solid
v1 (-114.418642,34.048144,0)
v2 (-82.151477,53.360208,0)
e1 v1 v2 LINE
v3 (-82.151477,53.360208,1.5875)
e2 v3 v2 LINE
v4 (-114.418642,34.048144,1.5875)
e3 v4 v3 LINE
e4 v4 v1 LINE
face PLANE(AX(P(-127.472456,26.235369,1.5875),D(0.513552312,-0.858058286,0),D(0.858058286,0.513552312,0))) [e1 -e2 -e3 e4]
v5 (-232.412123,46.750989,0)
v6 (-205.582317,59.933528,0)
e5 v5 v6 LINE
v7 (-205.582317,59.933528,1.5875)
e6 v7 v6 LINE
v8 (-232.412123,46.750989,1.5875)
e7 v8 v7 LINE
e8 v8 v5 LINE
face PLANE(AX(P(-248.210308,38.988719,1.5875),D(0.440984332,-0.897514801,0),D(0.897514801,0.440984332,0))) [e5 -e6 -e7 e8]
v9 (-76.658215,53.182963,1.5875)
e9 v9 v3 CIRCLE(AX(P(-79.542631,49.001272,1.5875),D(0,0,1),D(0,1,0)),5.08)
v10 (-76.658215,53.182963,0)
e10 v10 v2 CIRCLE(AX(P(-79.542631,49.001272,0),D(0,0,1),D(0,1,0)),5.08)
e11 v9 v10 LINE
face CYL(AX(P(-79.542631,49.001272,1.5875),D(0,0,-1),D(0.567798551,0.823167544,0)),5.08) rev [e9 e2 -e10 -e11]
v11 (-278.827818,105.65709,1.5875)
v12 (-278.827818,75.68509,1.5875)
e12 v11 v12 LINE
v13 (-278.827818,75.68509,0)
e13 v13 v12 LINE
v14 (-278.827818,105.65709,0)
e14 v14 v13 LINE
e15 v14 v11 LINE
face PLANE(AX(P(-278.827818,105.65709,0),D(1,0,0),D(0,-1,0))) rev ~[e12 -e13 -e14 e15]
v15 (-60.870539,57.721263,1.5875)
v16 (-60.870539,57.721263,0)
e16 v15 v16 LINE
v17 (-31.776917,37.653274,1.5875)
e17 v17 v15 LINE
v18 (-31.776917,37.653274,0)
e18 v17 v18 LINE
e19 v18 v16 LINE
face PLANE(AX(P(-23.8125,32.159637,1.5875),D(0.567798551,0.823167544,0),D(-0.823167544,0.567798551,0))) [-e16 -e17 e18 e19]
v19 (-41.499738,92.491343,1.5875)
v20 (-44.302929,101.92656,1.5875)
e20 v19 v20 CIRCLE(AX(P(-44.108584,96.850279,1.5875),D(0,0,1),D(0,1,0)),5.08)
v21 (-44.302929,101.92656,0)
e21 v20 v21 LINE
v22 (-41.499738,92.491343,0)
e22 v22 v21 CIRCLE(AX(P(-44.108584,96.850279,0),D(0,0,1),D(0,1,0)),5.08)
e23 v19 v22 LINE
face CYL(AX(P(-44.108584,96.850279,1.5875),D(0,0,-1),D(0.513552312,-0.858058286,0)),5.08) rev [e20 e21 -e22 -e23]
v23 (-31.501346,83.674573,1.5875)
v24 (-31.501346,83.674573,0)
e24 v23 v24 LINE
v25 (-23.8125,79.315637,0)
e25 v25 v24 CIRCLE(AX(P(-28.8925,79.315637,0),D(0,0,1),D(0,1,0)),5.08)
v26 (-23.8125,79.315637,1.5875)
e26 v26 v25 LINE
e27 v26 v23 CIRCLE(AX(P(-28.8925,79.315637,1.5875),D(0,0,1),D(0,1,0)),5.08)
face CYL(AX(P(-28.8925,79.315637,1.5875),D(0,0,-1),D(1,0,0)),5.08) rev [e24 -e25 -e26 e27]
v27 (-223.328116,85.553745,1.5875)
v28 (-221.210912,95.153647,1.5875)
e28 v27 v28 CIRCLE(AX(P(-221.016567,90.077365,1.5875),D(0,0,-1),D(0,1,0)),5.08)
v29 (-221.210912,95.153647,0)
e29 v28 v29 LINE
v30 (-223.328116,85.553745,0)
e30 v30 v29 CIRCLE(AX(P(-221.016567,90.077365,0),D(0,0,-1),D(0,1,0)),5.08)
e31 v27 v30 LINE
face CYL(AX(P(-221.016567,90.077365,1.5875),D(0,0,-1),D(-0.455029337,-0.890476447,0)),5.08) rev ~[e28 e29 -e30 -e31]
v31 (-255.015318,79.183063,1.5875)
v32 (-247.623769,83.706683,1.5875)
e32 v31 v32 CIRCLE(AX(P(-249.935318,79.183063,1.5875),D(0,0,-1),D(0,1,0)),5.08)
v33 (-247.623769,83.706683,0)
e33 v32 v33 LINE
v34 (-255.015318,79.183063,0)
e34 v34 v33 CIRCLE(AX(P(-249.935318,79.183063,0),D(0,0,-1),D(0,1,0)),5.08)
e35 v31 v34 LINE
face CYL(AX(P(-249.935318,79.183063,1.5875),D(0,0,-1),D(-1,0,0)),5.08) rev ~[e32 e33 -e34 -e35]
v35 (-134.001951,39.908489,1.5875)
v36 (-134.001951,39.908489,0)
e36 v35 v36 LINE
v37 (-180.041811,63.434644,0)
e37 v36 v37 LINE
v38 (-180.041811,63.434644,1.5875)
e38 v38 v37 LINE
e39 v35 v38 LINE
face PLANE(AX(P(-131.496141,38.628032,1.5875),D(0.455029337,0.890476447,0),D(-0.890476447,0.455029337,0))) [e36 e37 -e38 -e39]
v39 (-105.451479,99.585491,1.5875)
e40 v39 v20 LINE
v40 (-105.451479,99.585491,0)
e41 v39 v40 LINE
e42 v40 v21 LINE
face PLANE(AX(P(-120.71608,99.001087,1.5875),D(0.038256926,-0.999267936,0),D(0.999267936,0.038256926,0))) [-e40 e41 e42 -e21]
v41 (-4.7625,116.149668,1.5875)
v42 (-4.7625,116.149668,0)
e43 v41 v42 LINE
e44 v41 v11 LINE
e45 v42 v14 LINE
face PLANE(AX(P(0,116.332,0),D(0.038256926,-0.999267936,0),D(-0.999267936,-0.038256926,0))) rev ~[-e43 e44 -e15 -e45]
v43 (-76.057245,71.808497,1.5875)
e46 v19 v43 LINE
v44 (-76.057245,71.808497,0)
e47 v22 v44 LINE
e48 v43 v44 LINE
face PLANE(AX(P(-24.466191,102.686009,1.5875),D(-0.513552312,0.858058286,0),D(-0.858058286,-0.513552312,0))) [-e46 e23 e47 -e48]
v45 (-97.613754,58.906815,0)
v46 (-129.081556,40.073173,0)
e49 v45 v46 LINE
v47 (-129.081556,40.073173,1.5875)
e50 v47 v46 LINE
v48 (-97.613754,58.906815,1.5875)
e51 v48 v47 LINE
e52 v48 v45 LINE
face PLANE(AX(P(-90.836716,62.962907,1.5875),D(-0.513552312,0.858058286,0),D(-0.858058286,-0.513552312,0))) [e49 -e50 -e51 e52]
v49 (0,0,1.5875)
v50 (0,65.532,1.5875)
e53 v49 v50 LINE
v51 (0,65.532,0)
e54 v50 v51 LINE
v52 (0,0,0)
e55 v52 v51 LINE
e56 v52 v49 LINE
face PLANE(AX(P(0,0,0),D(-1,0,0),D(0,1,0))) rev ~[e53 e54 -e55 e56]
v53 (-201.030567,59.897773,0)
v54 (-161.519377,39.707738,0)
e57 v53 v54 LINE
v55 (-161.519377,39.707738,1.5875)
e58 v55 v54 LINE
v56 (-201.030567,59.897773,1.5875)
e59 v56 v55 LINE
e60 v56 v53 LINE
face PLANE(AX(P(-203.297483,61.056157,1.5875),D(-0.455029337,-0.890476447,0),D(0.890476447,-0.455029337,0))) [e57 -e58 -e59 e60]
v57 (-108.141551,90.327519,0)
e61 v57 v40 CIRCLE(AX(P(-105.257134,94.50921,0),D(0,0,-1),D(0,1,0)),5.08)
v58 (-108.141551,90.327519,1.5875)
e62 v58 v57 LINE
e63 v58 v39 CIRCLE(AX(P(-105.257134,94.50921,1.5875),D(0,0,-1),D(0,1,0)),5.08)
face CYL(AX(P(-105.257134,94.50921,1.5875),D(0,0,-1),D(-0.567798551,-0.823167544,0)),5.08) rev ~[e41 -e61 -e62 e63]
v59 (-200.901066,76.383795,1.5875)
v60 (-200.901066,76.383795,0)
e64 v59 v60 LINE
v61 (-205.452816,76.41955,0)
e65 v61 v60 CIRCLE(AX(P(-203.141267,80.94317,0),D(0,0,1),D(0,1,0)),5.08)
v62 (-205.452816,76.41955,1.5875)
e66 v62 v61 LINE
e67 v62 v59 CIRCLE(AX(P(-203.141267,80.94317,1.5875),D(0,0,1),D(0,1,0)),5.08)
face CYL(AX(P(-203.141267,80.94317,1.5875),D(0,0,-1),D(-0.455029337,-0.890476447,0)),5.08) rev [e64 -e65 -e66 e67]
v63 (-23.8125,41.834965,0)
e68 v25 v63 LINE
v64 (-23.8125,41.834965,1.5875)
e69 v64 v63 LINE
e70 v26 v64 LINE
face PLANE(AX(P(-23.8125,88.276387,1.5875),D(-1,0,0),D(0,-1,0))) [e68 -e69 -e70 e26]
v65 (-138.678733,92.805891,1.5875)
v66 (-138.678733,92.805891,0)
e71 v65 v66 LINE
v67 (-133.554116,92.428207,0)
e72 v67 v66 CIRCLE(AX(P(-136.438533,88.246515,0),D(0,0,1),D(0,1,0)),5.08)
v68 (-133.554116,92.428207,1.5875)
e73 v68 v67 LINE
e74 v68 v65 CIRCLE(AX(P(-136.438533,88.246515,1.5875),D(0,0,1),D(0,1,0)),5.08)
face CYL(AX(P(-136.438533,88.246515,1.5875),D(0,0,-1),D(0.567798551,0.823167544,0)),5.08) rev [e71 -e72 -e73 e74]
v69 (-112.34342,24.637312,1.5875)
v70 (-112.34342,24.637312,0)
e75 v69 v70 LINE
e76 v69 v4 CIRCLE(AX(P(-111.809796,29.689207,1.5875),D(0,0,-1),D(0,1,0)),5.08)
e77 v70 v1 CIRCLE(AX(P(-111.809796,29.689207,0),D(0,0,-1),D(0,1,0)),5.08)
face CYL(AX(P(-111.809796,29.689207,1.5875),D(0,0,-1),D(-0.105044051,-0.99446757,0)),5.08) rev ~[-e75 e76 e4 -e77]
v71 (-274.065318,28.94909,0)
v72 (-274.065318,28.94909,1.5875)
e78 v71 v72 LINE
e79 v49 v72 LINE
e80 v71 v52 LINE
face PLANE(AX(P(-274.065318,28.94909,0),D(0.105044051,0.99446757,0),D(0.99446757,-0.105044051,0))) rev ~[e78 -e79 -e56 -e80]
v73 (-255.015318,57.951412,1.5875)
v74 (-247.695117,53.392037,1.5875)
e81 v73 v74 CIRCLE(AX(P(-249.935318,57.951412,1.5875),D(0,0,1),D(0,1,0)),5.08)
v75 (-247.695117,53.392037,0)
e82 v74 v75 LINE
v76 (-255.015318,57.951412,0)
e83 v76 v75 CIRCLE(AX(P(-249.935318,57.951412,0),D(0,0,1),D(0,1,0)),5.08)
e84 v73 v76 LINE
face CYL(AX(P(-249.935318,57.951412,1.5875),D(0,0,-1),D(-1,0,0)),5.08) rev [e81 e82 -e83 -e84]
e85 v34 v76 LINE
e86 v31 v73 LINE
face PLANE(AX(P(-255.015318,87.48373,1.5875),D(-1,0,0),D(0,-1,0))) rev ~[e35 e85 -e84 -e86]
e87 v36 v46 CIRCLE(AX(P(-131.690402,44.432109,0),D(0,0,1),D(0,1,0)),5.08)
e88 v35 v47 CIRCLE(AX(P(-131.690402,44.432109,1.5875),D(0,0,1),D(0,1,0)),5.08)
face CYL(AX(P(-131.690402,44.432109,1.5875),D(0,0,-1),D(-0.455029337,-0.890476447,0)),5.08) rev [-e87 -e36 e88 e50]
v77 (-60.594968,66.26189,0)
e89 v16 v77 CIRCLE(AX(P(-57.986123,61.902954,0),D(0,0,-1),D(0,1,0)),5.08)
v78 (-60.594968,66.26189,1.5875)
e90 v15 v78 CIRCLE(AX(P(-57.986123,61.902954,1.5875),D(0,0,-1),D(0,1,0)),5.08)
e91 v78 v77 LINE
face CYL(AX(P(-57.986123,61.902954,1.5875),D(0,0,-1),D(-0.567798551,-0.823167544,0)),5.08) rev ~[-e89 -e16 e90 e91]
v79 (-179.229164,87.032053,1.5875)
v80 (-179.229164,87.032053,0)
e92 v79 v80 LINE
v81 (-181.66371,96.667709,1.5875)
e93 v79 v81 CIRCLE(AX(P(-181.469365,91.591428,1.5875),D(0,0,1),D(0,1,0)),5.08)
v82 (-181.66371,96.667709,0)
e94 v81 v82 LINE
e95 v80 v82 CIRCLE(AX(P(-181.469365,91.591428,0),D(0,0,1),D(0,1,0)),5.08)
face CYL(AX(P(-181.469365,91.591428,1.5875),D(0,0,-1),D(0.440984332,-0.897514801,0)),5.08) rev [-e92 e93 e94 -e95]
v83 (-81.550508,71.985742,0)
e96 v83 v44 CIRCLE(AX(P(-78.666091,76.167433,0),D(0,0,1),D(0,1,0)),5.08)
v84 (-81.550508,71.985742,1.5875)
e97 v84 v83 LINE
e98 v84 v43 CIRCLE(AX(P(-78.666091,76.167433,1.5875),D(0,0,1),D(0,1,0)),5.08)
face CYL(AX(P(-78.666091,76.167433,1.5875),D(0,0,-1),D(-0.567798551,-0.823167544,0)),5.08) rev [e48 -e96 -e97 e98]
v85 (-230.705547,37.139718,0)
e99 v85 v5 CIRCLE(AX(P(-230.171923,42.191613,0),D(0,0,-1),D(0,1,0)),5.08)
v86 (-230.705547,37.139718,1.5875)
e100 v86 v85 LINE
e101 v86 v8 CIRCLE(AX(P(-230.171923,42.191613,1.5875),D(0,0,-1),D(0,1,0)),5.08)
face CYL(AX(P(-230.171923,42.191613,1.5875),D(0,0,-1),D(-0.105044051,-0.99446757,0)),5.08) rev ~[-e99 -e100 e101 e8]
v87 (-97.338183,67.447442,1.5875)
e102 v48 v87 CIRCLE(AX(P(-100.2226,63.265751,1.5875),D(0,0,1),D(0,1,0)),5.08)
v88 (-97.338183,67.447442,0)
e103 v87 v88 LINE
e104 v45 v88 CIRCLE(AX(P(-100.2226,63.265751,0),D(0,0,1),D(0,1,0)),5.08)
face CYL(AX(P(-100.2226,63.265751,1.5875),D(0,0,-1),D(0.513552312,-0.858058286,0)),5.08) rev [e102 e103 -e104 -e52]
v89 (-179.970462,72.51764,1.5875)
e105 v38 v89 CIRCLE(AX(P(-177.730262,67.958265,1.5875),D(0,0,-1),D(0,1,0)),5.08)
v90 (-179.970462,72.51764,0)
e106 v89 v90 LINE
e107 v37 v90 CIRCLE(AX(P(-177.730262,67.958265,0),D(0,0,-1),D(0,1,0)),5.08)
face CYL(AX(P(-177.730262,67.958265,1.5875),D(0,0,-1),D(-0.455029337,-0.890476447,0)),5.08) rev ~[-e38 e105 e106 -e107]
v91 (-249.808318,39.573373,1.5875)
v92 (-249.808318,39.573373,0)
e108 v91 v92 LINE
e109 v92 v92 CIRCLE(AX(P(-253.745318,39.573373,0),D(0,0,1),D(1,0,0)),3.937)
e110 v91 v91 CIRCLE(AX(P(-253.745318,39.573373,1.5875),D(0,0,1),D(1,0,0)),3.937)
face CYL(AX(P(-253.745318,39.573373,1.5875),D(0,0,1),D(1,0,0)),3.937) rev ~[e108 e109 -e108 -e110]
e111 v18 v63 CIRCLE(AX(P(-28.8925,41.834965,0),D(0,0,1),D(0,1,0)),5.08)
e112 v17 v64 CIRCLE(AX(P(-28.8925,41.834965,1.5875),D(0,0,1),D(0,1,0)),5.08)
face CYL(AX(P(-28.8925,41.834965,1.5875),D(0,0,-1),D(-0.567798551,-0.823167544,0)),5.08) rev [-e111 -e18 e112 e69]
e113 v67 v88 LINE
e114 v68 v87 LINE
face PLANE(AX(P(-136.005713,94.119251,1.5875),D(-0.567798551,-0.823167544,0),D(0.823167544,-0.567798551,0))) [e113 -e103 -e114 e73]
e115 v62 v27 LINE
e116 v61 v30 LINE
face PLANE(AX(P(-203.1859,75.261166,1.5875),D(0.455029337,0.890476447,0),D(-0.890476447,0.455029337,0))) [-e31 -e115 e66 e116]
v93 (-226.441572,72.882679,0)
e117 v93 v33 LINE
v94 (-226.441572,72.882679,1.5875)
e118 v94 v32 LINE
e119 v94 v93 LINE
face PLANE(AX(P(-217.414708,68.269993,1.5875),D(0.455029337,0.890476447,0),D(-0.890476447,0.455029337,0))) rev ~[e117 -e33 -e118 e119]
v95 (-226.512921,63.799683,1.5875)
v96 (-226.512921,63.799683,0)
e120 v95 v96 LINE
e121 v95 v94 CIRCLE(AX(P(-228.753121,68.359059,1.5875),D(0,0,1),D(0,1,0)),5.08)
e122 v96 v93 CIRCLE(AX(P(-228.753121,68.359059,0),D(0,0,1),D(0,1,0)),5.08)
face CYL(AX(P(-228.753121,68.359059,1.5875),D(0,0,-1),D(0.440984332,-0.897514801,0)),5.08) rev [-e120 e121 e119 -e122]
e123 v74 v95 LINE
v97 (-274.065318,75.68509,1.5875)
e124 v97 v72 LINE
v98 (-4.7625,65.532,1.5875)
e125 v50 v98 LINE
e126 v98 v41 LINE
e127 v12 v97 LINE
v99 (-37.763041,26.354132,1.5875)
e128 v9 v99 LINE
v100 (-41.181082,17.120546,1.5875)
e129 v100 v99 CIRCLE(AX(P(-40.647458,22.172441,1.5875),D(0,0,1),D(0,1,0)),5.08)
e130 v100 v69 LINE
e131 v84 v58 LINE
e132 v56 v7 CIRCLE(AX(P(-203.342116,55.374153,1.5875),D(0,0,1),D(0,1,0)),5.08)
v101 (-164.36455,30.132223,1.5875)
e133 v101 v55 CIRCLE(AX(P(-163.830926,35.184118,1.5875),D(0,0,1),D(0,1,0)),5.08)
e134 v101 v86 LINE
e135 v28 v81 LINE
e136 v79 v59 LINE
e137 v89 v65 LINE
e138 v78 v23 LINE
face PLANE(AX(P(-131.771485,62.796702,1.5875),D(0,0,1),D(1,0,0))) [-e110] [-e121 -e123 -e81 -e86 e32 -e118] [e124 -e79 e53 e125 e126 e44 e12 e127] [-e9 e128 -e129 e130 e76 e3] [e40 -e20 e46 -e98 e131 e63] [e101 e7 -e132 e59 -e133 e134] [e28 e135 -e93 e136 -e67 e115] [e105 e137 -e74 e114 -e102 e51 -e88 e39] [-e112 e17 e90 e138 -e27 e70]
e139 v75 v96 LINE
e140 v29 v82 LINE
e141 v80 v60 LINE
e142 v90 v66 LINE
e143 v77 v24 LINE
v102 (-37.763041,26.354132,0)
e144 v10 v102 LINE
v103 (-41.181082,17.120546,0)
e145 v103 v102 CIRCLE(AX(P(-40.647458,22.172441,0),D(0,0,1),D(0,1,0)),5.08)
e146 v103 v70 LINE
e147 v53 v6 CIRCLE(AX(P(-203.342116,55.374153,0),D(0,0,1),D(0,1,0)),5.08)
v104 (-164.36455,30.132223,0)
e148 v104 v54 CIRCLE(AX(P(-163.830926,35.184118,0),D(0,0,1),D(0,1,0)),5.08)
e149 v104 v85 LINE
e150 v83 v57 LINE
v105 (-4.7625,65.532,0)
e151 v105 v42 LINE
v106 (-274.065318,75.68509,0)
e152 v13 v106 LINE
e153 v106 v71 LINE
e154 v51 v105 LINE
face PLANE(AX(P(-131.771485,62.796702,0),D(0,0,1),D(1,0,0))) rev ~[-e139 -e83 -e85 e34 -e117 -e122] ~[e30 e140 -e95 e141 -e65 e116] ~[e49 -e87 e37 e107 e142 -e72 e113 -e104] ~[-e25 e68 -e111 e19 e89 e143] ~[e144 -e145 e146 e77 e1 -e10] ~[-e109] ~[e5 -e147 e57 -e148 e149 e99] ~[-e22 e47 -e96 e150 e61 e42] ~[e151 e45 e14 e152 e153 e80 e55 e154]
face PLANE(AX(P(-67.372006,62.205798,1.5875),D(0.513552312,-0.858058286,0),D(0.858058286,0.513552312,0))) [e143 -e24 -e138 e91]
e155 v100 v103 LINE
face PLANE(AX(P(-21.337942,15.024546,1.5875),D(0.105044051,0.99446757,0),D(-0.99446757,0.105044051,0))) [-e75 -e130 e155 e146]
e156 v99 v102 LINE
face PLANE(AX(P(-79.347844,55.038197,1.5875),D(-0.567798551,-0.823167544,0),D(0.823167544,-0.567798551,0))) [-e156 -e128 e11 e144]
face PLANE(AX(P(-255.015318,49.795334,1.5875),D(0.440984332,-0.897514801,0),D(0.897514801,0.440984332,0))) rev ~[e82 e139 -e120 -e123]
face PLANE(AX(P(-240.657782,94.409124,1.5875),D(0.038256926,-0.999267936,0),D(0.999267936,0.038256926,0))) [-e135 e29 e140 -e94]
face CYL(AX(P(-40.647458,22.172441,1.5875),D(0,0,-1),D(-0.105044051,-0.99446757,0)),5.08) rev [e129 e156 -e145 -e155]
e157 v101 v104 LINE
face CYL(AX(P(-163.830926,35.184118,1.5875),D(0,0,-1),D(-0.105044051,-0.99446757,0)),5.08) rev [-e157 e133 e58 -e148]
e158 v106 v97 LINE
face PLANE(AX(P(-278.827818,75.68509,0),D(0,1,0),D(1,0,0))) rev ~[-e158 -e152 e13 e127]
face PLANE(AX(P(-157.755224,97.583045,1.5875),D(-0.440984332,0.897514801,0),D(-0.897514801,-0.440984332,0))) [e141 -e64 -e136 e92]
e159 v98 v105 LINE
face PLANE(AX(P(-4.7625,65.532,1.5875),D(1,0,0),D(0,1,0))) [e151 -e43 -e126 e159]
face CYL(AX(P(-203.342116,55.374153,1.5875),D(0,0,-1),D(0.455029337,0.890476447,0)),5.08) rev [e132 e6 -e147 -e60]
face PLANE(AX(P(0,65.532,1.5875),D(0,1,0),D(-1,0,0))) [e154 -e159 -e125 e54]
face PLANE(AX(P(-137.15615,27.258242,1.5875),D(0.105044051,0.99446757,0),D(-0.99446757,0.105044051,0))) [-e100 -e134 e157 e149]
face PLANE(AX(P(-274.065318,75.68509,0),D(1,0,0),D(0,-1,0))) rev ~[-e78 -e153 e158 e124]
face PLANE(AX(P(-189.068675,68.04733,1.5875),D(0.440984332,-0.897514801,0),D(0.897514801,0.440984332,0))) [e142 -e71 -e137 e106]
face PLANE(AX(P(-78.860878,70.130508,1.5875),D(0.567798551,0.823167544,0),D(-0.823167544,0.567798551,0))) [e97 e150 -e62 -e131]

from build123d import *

# Parameters (mm, degrees)
BOSS_EXTRUDE1_DEPTH = 1.5875
CUT_EXTRUDE1_DEPTH  = 303.12680487
CUT_EXTRUDE2_DEPTH  = 1.5875
FILLET1_R           = 5.08
SKETCH4_R           = 3.937
CUT_EXTRUDE3_DEPTH  = 303.056645934


with BuildPart() as part:
    # Sketch1 → Boss-Extrude1 (new body)
    with BuildSketch(Plane.XY):
        Polygon((-274.065317552, 28.949090055), (0, 0), (0, 116.332), (-278.827817552, 105.657090055), (-278.827817552, 88.385090055), (-278.827817552, 75.685090055), (-274.065317552, 75.685090055), align=None)
    extrude(amount=BOSS_EXTRUDE1_DEPTH)

    # Sketch2 → Cut-Extrude1 (cut, through all)
    with BuildSketch(Plane.XY.offset(1.5875)):
        Polygon((0, 116.332), (0, 65.532), (-4.7625, 65.532), (-4.7625, 116.14966791), align=None)
        Polygon((0, -5.469950558), (-4.7625, -5.469950558), (-4.7625, 0.503055413), (0, 0), align=None)
    extrude(amount=-CUT_EXTRUDE1_DEPTH, mode=Mode.SUBTRACT)

    # Sketch3 → Cut-Extrude2 (cut)
    with BuildSketch(Plane.XY.offset(1.5875)):
        Polygon((-240.657781537, 94.409124071), (-157.755224497, 97.583044587), (-203.185900054, 75.261166333), align=None)
        Polygon((-255.015317552, 87.483730445), (-255.015317552, 49.79533442), (-217.414707933, 68.269993226), align=None)
        Polygon((-248.210308368, 38.988718693), (-203.29748305, 61.056156751), (-137.156149504, 27.258241905), align=None)
        Polygon((-189.068675171, 68.047329858), (-136.005712706, 94.119250944), (-90.836715855, 62.962907236), (-131.496140727, 38.628031633), align=None)
        Polygon((-120.716079793, 99.001086509), (-24.466190753, 102.686009006), (-78.860877706, 70.130508168), align=None)
        Polygon((-127.472455762, 26.235368508), (-79.347844483, 55.0381967), (-21.337942125, 15.024546137), align=None)
        Polygon((-67.372006334, 62.205797632), (-23.8125, 88.276386956), (-23.8125, 32.159636644), align=None)
    extrude(amount=-CUT_EXTRUDE2_DEPTH, mode=Mode.SUBTRACT)

    # Fillet1
    fillet1_edges = [part.edges().sort_by_distance(p)[0] for p in [
        (-255.015317552, 87.483730445, 0.79375),
        (-217.414707933, 68.269993226, 0.79375),
        (-255.015317552, 49.79533442, 0.79375),
        (-127.472455762, 26.235368508, 0.79375),
        (-21.337942125, 15.024546137, 0.79375),
        (-79.347844483, 55.0381967, 0.79375),
        (-248.210308368, 38.988718693, 0.79375),
        (-137.156149504, 27.258241905, 0.79375),
        (-203.29748305, 61.056156751, 0.79375),
        (-240.657781537, 94.409124071, 0.79375),
        (-203.185900054, 75.261166333, 0.79375),
        (-157.755224497, 97.583044587, 0.79375),
        (-136.005712706, 94.119250944, 0.79375),
        (-189.068675171, 68.047329858, 0.79375),
        (-131.496140727, 38.628031633, 0.79375),
        (-90.836715855, 62.962907236, 0.79375),
        (-67.372006334, 62.205797632, 0.79375),
        (-23.8125, 32.159636644, 0.79375),
        (-23.8125, 88.276386956, 0.79375),
        (-24.466190753, 102.686009006, 0.79375),
        (-120.716079793, 99.001086509, 0.79375),
        (-78.860877706, 70.130508168, 0.79375),
    ]]
    fillet(fillet1_edges, radius=FILLET1_R)

    # Sketch4 → Cut-Extrude3 (cut, through all)
    with BuildSketch(Plane.XY.offset(1.5875)):
        with Locations((-253.745317552, 39.57337304)):
            Circle(SKETCH4_R)
    extrude(amount=-CUT_EXTRUDE3_DEPTH, mode=Mode.SUBTRACT)


solid = part.part
